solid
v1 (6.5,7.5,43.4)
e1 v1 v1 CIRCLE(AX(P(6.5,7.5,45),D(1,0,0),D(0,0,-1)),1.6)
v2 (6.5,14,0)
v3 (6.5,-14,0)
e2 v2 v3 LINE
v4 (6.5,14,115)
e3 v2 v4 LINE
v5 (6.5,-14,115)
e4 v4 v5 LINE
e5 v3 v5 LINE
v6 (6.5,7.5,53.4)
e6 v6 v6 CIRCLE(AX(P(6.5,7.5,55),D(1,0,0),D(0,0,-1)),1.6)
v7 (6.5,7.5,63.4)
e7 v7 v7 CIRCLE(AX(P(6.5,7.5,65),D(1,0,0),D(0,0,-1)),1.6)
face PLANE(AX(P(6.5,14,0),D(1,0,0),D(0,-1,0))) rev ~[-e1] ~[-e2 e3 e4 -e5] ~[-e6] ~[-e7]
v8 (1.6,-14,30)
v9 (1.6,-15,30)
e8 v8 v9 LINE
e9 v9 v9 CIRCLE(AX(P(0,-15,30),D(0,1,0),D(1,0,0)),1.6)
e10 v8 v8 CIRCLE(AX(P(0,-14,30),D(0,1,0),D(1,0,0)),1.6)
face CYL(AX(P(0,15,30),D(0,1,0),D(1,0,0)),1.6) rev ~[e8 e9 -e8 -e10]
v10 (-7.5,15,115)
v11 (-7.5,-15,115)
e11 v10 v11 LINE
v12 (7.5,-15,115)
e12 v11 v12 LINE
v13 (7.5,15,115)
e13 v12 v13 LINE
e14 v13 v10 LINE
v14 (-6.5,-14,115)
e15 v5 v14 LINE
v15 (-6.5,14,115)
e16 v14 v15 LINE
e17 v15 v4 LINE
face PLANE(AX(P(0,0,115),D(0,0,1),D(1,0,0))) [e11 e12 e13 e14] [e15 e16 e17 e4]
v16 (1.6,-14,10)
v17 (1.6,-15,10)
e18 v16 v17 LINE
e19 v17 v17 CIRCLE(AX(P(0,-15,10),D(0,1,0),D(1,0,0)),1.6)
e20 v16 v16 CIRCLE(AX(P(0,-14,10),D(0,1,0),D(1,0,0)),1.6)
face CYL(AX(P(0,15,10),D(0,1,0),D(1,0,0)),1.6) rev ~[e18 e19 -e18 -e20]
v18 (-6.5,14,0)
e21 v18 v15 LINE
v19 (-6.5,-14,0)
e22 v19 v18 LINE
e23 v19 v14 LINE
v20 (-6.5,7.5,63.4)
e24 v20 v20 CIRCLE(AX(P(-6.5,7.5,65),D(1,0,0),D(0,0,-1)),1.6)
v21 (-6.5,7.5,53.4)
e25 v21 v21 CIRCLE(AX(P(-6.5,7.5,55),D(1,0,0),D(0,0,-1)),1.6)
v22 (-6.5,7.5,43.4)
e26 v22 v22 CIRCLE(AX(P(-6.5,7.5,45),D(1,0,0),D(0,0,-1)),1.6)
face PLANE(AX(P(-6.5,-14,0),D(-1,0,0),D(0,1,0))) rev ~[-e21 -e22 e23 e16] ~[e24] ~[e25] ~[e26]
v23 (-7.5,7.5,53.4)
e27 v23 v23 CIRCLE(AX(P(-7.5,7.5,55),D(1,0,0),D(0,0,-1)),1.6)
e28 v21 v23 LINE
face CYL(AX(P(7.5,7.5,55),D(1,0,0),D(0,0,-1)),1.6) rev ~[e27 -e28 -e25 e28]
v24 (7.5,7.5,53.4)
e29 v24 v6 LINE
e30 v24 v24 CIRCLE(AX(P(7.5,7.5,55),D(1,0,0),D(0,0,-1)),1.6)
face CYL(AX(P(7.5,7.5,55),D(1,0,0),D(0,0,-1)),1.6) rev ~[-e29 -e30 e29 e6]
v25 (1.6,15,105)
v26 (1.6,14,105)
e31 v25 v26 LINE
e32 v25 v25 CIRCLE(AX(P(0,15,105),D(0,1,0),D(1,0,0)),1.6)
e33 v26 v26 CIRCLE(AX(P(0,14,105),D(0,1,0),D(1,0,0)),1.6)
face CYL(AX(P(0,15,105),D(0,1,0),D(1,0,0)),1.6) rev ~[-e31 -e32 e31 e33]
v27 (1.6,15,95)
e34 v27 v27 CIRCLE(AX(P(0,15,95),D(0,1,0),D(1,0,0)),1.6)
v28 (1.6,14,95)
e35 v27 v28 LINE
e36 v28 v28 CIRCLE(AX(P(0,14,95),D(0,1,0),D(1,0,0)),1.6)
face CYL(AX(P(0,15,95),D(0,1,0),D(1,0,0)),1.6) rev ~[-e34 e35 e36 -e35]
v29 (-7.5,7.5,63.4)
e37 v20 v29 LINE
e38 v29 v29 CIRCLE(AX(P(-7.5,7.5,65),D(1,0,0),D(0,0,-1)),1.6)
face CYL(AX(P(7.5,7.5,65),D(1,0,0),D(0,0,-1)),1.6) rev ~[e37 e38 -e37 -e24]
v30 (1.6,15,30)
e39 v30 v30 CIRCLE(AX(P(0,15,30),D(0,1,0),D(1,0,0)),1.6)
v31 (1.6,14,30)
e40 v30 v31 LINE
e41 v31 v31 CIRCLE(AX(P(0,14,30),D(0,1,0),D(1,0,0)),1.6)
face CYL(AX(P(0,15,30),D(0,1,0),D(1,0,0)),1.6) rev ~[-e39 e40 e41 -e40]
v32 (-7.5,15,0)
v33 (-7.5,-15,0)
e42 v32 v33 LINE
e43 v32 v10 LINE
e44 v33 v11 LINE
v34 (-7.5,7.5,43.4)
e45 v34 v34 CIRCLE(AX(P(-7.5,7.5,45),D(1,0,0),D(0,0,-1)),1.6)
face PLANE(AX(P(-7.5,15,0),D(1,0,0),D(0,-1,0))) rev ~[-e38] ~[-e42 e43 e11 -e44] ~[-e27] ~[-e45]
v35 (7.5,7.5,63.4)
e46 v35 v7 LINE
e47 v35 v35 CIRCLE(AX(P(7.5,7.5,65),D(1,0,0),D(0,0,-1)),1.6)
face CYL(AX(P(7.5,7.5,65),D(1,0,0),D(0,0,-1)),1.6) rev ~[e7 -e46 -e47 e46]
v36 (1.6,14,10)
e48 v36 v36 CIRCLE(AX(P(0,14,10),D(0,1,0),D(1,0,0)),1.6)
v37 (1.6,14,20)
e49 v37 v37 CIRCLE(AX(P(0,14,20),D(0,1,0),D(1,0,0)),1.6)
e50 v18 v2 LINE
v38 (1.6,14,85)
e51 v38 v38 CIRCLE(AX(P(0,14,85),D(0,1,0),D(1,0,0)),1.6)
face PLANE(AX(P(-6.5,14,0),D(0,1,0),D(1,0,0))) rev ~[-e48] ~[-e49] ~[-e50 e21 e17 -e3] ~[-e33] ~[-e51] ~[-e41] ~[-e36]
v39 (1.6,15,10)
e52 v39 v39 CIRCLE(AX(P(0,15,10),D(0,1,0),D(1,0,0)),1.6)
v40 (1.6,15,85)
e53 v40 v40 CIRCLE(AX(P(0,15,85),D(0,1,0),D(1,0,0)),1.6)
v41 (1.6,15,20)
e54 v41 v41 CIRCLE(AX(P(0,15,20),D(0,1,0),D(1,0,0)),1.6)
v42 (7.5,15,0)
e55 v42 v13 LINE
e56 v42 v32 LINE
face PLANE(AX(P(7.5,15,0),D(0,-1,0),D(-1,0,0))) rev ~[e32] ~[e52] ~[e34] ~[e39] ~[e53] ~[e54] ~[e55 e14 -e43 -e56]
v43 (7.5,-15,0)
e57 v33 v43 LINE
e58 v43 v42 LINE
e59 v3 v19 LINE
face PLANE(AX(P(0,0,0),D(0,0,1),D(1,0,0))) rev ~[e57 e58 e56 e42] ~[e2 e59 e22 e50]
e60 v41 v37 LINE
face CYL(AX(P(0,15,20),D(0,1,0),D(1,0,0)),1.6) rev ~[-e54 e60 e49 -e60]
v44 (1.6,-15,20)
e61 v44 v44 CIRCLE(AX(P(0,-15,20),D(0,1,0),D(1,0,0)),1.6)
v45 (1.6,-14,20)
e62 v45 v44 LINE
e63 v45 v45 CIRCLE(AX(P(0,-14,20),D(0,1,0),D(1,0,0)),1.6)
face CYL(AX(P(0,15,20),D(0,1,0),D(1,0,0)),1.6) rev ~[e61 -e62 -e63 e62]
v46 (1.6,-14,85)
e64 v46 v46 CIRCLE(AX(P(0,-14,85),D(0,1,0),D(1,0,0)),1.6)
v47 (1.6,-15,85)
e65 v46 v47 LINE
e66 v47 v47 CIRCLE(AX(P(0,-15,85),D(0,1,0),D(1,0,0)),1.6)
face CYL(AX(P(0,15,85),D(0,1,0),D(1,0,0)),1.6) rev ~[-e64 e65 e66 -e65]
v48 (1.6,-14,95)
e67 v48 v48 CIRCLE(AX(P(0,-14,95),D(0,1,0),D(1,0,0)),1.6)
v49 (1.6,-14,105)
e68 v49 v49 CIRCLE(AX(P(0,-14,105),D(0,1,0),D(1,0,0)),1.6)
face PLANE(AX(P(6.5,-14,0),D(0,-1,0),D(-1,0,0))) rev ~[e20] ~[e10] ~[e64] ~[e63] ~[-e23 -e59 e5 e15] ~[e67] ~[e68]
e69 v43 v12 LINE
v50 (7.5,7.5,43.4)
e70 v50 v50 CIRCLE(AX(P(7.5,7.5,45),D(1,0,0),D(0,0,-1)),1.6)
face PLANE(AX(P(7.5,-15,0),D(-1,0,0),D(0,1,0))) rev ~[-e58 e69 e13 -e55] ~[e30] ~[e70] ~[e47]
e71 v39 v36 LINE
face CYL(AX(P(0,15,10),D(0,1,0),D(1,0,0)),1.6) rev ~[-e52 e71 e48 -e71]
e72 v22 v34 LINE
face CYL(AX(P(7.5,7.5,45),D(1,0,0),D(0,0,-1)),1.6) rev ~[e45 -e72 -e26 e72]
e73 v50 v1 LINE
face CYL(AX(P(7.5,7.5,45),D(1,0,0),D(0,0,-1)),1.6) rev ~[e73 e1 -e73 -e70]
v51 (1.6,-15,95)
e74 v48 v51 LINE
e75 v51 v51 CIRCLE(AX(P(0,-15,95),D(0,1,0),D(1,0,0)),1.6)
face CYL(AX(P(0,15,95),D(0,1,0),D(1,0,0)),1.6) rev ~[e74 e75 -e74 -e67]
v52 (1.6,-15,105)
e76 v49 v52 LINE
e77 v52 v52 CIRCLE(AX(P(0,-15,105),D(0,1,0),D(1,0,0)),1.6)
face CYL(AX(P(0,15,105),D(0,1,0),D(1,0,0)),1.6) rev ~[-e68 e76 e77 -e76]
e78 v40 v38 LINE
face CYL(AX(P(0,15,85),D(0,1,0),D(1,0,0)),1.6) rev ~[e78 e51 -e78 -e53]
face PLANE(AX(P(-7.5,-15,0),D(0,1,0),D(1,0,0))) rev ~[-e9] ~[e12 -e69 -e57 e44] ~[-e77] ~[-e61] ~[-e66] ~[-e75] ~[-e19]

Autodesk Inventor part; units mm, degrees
ref_plane "YZ Plane" through (0, 0, 0) normal (1, 0, 0) x (0, 1, 0)
ref_plane "XZ Plane" through (0, 0, 0) normal (0, 1, 0) x (-1, 0, 0)
ref_plane "XY Plane" through (0, 0, 0) normal (0, 0, 1) x (1, 0, 0)
sketch "スケッチ1" plane through (0, 0, 0) normal (0, 0, 1) x (1, 0, 0)
  line L0 (7.5, 15) -> (-7.5, 15)
  line L1 (-7.5, 15) -> (-7.5, -15)
  line L2 (-7.5, -15) -> (7.5, -15)
  line L3 (7.5, -15) -> (7.5, 15)
  line L4 (7.5, 15) -> (-7.5, -15) construction
  line L5 (-7.5, 15) -> (7.5, -15) construction
  line L6 (-6.5, 14) -> (6.5, 14)
  line L7 (6.5, 14) -> (6.5, -14)
  line L8 (6.5, -14) -> (-6.5, -14)
  line L9 (-6.5, -14) -> (-6.5, 14)
  point P0 (0, 0)
  dimension "d0" = 15
  dimension "d1" = 30
  dimension "d2" = 1
extrude "押し出し1" add sketch "スケッチ1" along normal blind 115
sketch "スケッチ2" plane through (-7.5, 15, 0) normal (0, 1, 0) x (1, 0, 0)
  circle A0 centre (7.5, -10) radius 1.6
  circle A1 centre (7.5, -20) radius 1.6
  circle A2 centre (7.5, -30) radius 1.6
  circle A3 centre (7.5, -105) radius 1.6
  circle A4 centre (7.5, -95) radius 1.6
  circle A5 centre (7.5, -85) radius 1.6
  line L0 (15, -115) -> (0, -115) projected
  line L1 (15, 0) -> (0, 0) projected
  point P0 (7.5, 0)
  point P1 (7.5, 0)
  dimension "d5" = 3.2
  dimension "d6" = 3.2
  dimension "d7" = 3.2
  dimension "d8" = 3.2
  dimension "d9" = 3.2
  dimension "d10" = 3.2
  dimension "d11" = 10
  dimension "d12" = 10
  dimension "d13" = 10
  dimension "d14" = 10
  dimension "d15" = 10
  dimension "d16" = 10
extrude "押し出し2" cut sketch "スケッチ2" against normal through all
sketch "スケッチ3" plane through (7.5, -15, 0) normal (1, 0, 0) x (0, 0, -1)
  circle A0 centre (-65, 22.5) radius 1.6
  circle A1 centre (-55, 22.5) radius 1.6
  circle A2 centre (-45, 22.5) radius 1.6
  line L0 (0, 0) -> (0, 30) projected
  line L1 (0, 30) -> (-115, 30) projected
  point P0 (0, 15)
  dimension "d19" = 3.2
  dimension "d20" = 3.2
  dimension "d21" = 3.2
  dimension "d22" = 10
  dimension "d23" = 10
  dimension "d24" = 45
  dimension "d25" = 7.5
extrude "押し出し3" cut sketch "スケッチ3" against normal through all
properties part number "オムニ_角柱7" material "アルミニウム 6061"
